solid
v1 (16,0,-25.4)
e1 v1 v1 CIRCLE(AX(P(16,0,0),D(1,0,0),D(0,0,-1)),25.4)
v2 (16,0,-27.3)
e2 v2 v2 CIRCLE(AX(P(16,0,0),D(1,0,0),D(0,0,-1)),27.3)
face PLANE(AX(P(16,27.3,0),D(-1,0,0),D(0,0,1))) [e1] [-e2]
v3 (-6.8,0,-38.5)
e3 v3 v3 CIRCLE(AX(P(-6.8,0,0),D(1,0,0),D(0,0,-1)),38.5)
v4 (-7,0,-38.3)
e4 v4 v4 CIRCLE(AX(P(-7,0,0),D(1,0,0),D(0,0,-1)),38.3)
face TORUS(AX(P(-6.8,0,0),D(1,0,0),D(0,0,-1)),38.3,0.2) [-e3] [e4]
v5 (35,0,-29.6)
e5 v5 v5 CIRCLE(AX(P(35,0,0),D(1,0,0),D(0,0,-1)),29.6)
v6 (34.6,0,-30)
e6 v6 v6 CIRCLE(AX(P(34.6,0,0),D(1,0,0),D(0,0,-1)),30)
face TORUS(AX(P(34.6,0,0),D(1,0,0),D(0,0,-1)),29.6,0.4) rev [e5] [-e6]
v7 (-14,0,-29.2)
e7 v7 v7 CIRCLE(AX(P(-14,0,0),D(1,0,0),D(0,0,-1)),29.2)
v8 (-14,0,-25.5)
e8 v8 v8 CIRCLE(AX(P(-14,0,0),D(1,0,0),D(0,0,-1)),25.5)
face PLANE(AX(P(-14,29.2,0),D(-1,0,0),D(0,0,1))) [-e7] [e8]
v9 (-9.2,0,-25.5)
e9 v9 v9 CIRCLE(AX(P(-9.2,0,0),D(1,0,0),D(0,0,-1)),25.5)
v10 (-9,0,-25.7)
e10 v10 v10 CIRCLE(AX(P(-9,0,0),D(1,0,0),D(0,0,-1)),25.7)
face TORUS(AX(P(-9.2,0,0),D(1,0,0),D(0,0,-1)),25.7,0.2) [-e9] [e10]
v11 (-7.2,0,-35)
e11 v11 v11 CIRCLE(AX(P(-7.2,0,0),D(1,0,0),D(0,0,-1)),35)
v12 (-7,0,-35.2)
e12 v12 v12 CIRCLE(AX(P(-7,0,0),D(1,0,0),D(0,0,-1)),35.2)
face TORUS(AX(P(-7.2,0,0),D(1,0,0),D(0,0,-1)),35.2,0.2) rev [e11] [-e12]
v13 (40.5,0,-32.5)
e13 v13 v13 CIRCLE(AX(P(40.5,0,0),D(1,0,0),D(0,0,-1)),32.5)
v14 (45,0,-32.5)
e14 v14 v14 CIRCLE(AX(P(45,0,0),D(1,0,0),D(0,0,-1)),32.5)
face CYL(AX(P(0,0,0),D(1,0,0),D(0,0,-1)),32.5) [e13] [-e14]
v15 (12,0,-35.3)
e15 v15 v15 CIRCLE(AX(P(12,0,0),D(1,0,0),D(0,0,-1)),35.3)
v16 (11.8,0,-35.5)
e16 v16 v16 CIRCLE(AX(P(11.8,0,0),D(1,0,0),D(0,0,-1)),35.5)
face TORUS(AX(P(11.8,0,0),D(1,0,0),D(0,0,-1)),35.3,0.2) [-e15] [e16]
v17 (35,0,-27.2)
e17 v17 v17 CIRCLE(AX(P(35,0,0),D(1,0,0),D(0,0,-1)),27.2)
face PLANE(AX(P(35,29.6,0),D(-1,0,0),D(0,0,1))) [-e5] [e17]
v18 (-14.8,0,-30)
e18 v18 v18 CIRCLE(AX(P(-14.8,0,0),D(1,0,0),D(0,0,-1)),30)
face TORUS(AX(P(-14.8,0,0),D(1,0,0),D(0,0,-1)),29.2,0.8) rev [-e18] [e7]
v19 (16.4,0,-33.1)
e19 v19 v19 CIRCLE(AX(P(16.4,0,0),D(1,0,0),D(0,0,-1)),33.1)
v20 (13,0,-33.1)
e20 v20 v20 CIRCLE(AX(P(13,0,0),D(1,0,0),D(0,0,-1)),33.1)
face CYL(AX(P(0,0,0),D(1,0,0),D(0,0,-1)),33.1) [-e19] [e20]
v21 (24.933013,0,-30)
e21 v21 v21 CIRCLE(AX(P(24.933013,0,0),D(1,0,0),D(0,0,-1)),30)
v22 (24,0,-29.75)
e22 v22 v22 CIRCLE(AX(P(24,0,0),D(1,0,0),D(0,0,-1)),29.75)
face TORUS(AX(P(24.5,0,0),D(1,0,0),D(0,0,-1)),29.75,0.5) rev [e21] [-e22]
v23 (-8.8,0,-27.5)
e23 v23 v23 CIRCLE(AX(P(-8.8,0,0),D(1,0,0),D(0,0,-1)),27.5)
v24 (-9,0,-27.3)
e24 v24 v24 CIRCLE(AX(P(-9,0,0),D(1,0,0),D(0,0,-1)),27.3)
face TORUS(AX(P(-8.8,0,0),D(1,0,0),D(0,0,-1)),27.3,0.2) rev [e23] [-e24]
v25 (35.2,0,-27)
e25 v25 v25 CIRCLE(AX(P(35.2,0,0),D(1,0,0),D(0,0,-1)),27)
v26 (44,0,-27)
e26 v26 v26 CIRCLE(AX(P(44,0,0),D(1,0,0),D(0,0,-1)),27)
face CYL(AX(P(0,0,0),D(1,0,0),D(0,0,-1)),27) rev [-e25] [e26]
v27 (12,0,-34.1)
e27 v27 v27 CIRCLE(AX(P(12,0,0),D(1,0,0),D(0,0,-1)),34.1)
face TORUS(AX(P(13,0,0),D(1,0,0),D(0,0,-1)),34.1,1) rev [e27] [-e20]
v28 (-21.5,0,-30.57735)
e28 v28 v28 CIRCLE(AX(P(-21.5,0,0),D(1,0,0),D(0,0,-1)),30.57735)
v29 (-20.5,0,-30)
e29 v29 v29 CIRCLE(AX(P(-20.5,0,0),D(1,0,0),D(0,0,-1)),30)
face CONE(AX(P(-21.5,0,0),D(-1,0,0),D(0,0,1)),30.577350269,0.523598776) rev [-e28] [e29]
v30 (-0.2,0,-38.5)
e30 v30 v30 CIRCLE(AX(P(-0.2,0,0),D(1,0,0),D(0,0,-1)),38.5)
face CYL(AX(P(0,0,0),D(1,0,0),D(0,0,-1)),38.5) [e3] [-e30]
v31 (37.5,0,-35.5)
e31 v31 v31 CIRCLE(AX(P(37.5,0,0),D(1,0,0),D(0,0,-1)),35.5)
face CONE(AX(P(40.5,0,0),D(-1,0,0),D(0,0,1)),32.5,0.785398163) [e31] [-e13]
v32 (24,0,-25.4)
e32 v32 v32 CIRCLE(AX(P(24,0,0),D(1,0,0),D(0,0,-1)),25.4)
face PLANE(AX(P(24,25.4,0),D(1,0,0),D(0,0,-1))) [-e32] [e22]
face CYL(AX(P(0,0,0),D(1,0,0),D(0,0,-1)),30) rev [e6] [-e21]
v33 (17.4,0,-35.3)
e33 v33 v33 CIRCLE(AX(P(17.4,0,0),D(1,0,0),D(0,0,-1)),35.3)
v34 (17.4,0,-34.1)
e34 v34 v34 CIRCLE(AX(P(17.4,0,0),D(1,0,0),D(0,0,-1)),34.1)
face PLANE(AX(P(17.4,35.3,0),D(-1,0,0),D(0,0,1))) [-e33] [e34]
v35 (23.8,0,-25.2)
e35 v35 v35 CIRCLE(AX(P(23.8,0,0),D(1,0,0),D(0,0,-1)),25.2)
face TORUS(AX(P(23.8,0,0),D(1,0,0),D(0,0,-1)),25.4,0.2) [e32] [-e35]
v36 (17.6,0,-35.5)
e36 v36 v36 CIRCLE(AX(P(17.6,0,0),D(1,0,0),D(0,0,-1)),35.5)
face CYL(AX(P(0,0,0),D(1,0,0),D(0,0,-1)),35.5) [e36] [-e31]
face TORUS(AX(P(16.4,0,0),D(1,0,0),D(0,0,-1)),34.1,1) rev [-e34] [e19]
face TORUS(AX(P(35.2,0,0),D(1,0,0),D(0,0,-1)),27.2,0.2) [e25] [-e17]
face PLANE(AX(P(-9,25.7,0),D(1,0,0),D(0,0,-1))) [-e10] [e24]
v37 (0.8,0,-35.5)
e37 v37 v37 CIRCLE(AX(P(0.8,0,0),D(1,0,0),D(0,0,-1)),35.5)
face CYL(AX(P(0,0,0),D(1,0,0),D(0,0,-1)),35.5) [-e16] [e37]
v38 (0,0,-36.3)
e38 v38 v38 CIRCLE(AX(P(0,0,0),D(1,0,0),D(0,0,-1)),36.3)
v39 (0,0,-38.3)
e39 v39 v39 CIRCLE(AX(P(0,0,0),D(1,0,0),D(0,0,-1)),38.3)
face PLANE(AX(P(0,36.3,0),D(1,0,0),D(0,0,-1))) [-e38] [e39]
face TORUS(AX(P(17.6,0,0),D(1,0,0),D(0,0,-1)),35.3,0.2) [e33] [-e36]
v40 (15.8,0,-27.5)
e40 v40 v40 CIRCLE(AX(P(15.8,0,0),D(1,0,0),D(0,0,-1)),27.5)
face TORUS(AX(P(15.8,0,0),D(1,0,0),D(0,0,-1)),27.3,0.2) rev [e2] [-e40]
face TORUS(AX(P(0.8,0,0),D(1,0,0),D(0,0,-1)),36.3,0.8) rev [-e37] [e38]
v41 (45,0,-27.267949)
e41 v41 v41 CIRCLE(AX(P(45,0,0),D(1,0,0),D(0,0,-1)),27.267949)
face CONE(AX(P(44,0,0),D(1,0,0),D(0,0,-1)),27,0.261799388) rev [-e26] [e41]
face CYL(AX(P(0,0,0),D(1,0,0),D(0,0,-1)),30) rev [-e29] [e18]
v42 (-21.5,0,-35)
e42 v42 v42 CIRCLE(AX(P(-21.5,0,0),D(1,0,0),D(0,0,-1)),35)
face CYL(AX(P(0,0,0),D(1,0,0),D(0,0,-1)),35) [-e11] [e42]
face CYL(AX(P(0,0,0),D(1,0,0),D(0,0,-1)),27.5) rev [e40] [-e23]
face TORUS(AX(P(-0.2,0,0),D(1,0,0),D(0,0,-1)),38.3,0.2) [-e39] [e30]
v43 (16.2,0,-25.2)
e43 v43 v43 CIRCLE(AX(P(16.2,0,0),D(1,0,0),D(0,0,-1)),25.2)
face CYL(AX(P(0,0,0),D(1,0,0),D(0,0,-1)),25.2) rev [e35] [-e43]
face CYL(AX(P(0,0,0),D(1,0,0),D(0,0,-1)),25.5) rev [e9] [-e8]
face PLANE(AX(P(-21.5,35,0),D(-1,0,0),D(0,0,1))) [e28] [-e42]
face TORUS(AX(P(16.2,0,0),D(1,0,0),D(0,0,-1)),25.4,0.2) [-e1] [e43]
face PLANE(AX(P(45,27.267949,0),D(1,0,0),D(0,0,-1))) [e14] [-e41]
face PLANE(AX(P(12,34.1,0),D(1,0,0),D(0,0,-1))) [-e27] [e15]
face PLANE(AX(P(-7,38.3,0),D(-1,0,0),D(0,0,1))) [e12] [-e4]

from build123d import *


with BuildPart() as part:
    # Sketch1 → Base-Revolve (revolve)
    with BuildSketch(Plane.XY):
        with BuildLine():
            Line((0, 36.3), (0, 38.3))
            ThreePointArc((0, 38.3), (-0.058578644, 38.441421356), (-0.2, 38.5))
            Line((-0.2, 38.5), (-6.8, 38.5))
            ThreePointArc((-6.8, 38.5), (-6.941421356, 38.441421356), (-7, 38.3))
            Line((-7, 38.3), (-7, 35.2))
            ThreePointArc((-7, 35.2), (-7.058578644, 35.058578644), (-7.2, 35))
            Line((-7.2, 35), (-21.5, 35))
            Line((-21.5, 35), (-21.5, 30.577350269))
            Line((-21.5, 30.577350269), (-20.5, 30))
            Line((-20.5, 30), (-14.8, 30))
            ThreePointArc((-14.8, 30), (-14.234314575, 29.765685425), (-14, 29.2))
            Line((-14, 29.2), (-14, 25.5))
            Line((-14, 25.5), (-9.2, 25.5))
            ThreePointArc((-9.2, 25.5), (-9.058578644, 25.558578644), (-9, 25.7))
            Line((-9, 25.7), (-9, 27.3))
            ThreePointArc((-9, 27.3), (-8.941421356, 27.441421356), (-8.8, 27.5))
            Line((-8.8, 27.5), (15.8, 27.5))
            ThreePointArc((15.8, 27.5), (15.941421356, 27.441421356), (16, 27.3))
            Line((16, 27.3), (16, 25.4))
            ThreePointArc((16, 25.4), (16.058578644, 25.258578644), (16.2, 25.2))
            Line((16.2, 25.2), (23.8, 25.2))
            ThreePointArc((23.8, 25.2), (23.941421356, 25.258578644), (24, 25.4))
            Line((24, 25.4), (24, 29.75))
            ThreePointArc((24, 29.75), (24.370590477, 30.232962913), (24.933012702, 30))
            Line((24.933012702, 30), (34.6, 30))
            ThreePointArc((34.6, 30), (34.882842712, 29.882842712), (35, 29.6))
            Line((35, 29.6), (35, 27.2))
            ThreePointArc((35, 27.2), (35.058578644, 27.058578644), (35.2, 27))
            Line((35.2, 27), (44, 27))
            Line((44, 27), (45, 27.267949192))
            Line((45, 27.267949192), (45, 32.5))
            Line((45, 32.5), (40.5, 32.5))
            Line((40.5, 32.5), (37.5, 35.5))
            Line((37.5, 35.5), (17.6, 35.5))
            ThreePointArc((17.6, 35.5), (17.458578644, 35.441421356), (17.4, 35.3))
            Line((17.4, 35.3), (17.4, 34.1))
            ThreePointArc((17.4, 34.1), (17.107106781, 33.392893219), (16.4, 33.1))
            Line((16.4, 33.1), (13, 33.1))
            ThreePointArc((13, 33.1), (12.292893219, 33.392893219), (12, 34.1))
            Line((12, 34.1), (12, 35.3))
            ThreePointArc((12, 35.3), (11.941421356, 35.441421356), (11.8, 35.5))
            Line((11.8, 35.5), (0.8, 35.5))
            ThreePointArc((0.8, 35.5), (0.234314575, 35.734314575), (0, 36.3))
        make_face()
    revolve(axis=Axis((0, 0, 0), (-1, 0, 0)))


solid = part.part
